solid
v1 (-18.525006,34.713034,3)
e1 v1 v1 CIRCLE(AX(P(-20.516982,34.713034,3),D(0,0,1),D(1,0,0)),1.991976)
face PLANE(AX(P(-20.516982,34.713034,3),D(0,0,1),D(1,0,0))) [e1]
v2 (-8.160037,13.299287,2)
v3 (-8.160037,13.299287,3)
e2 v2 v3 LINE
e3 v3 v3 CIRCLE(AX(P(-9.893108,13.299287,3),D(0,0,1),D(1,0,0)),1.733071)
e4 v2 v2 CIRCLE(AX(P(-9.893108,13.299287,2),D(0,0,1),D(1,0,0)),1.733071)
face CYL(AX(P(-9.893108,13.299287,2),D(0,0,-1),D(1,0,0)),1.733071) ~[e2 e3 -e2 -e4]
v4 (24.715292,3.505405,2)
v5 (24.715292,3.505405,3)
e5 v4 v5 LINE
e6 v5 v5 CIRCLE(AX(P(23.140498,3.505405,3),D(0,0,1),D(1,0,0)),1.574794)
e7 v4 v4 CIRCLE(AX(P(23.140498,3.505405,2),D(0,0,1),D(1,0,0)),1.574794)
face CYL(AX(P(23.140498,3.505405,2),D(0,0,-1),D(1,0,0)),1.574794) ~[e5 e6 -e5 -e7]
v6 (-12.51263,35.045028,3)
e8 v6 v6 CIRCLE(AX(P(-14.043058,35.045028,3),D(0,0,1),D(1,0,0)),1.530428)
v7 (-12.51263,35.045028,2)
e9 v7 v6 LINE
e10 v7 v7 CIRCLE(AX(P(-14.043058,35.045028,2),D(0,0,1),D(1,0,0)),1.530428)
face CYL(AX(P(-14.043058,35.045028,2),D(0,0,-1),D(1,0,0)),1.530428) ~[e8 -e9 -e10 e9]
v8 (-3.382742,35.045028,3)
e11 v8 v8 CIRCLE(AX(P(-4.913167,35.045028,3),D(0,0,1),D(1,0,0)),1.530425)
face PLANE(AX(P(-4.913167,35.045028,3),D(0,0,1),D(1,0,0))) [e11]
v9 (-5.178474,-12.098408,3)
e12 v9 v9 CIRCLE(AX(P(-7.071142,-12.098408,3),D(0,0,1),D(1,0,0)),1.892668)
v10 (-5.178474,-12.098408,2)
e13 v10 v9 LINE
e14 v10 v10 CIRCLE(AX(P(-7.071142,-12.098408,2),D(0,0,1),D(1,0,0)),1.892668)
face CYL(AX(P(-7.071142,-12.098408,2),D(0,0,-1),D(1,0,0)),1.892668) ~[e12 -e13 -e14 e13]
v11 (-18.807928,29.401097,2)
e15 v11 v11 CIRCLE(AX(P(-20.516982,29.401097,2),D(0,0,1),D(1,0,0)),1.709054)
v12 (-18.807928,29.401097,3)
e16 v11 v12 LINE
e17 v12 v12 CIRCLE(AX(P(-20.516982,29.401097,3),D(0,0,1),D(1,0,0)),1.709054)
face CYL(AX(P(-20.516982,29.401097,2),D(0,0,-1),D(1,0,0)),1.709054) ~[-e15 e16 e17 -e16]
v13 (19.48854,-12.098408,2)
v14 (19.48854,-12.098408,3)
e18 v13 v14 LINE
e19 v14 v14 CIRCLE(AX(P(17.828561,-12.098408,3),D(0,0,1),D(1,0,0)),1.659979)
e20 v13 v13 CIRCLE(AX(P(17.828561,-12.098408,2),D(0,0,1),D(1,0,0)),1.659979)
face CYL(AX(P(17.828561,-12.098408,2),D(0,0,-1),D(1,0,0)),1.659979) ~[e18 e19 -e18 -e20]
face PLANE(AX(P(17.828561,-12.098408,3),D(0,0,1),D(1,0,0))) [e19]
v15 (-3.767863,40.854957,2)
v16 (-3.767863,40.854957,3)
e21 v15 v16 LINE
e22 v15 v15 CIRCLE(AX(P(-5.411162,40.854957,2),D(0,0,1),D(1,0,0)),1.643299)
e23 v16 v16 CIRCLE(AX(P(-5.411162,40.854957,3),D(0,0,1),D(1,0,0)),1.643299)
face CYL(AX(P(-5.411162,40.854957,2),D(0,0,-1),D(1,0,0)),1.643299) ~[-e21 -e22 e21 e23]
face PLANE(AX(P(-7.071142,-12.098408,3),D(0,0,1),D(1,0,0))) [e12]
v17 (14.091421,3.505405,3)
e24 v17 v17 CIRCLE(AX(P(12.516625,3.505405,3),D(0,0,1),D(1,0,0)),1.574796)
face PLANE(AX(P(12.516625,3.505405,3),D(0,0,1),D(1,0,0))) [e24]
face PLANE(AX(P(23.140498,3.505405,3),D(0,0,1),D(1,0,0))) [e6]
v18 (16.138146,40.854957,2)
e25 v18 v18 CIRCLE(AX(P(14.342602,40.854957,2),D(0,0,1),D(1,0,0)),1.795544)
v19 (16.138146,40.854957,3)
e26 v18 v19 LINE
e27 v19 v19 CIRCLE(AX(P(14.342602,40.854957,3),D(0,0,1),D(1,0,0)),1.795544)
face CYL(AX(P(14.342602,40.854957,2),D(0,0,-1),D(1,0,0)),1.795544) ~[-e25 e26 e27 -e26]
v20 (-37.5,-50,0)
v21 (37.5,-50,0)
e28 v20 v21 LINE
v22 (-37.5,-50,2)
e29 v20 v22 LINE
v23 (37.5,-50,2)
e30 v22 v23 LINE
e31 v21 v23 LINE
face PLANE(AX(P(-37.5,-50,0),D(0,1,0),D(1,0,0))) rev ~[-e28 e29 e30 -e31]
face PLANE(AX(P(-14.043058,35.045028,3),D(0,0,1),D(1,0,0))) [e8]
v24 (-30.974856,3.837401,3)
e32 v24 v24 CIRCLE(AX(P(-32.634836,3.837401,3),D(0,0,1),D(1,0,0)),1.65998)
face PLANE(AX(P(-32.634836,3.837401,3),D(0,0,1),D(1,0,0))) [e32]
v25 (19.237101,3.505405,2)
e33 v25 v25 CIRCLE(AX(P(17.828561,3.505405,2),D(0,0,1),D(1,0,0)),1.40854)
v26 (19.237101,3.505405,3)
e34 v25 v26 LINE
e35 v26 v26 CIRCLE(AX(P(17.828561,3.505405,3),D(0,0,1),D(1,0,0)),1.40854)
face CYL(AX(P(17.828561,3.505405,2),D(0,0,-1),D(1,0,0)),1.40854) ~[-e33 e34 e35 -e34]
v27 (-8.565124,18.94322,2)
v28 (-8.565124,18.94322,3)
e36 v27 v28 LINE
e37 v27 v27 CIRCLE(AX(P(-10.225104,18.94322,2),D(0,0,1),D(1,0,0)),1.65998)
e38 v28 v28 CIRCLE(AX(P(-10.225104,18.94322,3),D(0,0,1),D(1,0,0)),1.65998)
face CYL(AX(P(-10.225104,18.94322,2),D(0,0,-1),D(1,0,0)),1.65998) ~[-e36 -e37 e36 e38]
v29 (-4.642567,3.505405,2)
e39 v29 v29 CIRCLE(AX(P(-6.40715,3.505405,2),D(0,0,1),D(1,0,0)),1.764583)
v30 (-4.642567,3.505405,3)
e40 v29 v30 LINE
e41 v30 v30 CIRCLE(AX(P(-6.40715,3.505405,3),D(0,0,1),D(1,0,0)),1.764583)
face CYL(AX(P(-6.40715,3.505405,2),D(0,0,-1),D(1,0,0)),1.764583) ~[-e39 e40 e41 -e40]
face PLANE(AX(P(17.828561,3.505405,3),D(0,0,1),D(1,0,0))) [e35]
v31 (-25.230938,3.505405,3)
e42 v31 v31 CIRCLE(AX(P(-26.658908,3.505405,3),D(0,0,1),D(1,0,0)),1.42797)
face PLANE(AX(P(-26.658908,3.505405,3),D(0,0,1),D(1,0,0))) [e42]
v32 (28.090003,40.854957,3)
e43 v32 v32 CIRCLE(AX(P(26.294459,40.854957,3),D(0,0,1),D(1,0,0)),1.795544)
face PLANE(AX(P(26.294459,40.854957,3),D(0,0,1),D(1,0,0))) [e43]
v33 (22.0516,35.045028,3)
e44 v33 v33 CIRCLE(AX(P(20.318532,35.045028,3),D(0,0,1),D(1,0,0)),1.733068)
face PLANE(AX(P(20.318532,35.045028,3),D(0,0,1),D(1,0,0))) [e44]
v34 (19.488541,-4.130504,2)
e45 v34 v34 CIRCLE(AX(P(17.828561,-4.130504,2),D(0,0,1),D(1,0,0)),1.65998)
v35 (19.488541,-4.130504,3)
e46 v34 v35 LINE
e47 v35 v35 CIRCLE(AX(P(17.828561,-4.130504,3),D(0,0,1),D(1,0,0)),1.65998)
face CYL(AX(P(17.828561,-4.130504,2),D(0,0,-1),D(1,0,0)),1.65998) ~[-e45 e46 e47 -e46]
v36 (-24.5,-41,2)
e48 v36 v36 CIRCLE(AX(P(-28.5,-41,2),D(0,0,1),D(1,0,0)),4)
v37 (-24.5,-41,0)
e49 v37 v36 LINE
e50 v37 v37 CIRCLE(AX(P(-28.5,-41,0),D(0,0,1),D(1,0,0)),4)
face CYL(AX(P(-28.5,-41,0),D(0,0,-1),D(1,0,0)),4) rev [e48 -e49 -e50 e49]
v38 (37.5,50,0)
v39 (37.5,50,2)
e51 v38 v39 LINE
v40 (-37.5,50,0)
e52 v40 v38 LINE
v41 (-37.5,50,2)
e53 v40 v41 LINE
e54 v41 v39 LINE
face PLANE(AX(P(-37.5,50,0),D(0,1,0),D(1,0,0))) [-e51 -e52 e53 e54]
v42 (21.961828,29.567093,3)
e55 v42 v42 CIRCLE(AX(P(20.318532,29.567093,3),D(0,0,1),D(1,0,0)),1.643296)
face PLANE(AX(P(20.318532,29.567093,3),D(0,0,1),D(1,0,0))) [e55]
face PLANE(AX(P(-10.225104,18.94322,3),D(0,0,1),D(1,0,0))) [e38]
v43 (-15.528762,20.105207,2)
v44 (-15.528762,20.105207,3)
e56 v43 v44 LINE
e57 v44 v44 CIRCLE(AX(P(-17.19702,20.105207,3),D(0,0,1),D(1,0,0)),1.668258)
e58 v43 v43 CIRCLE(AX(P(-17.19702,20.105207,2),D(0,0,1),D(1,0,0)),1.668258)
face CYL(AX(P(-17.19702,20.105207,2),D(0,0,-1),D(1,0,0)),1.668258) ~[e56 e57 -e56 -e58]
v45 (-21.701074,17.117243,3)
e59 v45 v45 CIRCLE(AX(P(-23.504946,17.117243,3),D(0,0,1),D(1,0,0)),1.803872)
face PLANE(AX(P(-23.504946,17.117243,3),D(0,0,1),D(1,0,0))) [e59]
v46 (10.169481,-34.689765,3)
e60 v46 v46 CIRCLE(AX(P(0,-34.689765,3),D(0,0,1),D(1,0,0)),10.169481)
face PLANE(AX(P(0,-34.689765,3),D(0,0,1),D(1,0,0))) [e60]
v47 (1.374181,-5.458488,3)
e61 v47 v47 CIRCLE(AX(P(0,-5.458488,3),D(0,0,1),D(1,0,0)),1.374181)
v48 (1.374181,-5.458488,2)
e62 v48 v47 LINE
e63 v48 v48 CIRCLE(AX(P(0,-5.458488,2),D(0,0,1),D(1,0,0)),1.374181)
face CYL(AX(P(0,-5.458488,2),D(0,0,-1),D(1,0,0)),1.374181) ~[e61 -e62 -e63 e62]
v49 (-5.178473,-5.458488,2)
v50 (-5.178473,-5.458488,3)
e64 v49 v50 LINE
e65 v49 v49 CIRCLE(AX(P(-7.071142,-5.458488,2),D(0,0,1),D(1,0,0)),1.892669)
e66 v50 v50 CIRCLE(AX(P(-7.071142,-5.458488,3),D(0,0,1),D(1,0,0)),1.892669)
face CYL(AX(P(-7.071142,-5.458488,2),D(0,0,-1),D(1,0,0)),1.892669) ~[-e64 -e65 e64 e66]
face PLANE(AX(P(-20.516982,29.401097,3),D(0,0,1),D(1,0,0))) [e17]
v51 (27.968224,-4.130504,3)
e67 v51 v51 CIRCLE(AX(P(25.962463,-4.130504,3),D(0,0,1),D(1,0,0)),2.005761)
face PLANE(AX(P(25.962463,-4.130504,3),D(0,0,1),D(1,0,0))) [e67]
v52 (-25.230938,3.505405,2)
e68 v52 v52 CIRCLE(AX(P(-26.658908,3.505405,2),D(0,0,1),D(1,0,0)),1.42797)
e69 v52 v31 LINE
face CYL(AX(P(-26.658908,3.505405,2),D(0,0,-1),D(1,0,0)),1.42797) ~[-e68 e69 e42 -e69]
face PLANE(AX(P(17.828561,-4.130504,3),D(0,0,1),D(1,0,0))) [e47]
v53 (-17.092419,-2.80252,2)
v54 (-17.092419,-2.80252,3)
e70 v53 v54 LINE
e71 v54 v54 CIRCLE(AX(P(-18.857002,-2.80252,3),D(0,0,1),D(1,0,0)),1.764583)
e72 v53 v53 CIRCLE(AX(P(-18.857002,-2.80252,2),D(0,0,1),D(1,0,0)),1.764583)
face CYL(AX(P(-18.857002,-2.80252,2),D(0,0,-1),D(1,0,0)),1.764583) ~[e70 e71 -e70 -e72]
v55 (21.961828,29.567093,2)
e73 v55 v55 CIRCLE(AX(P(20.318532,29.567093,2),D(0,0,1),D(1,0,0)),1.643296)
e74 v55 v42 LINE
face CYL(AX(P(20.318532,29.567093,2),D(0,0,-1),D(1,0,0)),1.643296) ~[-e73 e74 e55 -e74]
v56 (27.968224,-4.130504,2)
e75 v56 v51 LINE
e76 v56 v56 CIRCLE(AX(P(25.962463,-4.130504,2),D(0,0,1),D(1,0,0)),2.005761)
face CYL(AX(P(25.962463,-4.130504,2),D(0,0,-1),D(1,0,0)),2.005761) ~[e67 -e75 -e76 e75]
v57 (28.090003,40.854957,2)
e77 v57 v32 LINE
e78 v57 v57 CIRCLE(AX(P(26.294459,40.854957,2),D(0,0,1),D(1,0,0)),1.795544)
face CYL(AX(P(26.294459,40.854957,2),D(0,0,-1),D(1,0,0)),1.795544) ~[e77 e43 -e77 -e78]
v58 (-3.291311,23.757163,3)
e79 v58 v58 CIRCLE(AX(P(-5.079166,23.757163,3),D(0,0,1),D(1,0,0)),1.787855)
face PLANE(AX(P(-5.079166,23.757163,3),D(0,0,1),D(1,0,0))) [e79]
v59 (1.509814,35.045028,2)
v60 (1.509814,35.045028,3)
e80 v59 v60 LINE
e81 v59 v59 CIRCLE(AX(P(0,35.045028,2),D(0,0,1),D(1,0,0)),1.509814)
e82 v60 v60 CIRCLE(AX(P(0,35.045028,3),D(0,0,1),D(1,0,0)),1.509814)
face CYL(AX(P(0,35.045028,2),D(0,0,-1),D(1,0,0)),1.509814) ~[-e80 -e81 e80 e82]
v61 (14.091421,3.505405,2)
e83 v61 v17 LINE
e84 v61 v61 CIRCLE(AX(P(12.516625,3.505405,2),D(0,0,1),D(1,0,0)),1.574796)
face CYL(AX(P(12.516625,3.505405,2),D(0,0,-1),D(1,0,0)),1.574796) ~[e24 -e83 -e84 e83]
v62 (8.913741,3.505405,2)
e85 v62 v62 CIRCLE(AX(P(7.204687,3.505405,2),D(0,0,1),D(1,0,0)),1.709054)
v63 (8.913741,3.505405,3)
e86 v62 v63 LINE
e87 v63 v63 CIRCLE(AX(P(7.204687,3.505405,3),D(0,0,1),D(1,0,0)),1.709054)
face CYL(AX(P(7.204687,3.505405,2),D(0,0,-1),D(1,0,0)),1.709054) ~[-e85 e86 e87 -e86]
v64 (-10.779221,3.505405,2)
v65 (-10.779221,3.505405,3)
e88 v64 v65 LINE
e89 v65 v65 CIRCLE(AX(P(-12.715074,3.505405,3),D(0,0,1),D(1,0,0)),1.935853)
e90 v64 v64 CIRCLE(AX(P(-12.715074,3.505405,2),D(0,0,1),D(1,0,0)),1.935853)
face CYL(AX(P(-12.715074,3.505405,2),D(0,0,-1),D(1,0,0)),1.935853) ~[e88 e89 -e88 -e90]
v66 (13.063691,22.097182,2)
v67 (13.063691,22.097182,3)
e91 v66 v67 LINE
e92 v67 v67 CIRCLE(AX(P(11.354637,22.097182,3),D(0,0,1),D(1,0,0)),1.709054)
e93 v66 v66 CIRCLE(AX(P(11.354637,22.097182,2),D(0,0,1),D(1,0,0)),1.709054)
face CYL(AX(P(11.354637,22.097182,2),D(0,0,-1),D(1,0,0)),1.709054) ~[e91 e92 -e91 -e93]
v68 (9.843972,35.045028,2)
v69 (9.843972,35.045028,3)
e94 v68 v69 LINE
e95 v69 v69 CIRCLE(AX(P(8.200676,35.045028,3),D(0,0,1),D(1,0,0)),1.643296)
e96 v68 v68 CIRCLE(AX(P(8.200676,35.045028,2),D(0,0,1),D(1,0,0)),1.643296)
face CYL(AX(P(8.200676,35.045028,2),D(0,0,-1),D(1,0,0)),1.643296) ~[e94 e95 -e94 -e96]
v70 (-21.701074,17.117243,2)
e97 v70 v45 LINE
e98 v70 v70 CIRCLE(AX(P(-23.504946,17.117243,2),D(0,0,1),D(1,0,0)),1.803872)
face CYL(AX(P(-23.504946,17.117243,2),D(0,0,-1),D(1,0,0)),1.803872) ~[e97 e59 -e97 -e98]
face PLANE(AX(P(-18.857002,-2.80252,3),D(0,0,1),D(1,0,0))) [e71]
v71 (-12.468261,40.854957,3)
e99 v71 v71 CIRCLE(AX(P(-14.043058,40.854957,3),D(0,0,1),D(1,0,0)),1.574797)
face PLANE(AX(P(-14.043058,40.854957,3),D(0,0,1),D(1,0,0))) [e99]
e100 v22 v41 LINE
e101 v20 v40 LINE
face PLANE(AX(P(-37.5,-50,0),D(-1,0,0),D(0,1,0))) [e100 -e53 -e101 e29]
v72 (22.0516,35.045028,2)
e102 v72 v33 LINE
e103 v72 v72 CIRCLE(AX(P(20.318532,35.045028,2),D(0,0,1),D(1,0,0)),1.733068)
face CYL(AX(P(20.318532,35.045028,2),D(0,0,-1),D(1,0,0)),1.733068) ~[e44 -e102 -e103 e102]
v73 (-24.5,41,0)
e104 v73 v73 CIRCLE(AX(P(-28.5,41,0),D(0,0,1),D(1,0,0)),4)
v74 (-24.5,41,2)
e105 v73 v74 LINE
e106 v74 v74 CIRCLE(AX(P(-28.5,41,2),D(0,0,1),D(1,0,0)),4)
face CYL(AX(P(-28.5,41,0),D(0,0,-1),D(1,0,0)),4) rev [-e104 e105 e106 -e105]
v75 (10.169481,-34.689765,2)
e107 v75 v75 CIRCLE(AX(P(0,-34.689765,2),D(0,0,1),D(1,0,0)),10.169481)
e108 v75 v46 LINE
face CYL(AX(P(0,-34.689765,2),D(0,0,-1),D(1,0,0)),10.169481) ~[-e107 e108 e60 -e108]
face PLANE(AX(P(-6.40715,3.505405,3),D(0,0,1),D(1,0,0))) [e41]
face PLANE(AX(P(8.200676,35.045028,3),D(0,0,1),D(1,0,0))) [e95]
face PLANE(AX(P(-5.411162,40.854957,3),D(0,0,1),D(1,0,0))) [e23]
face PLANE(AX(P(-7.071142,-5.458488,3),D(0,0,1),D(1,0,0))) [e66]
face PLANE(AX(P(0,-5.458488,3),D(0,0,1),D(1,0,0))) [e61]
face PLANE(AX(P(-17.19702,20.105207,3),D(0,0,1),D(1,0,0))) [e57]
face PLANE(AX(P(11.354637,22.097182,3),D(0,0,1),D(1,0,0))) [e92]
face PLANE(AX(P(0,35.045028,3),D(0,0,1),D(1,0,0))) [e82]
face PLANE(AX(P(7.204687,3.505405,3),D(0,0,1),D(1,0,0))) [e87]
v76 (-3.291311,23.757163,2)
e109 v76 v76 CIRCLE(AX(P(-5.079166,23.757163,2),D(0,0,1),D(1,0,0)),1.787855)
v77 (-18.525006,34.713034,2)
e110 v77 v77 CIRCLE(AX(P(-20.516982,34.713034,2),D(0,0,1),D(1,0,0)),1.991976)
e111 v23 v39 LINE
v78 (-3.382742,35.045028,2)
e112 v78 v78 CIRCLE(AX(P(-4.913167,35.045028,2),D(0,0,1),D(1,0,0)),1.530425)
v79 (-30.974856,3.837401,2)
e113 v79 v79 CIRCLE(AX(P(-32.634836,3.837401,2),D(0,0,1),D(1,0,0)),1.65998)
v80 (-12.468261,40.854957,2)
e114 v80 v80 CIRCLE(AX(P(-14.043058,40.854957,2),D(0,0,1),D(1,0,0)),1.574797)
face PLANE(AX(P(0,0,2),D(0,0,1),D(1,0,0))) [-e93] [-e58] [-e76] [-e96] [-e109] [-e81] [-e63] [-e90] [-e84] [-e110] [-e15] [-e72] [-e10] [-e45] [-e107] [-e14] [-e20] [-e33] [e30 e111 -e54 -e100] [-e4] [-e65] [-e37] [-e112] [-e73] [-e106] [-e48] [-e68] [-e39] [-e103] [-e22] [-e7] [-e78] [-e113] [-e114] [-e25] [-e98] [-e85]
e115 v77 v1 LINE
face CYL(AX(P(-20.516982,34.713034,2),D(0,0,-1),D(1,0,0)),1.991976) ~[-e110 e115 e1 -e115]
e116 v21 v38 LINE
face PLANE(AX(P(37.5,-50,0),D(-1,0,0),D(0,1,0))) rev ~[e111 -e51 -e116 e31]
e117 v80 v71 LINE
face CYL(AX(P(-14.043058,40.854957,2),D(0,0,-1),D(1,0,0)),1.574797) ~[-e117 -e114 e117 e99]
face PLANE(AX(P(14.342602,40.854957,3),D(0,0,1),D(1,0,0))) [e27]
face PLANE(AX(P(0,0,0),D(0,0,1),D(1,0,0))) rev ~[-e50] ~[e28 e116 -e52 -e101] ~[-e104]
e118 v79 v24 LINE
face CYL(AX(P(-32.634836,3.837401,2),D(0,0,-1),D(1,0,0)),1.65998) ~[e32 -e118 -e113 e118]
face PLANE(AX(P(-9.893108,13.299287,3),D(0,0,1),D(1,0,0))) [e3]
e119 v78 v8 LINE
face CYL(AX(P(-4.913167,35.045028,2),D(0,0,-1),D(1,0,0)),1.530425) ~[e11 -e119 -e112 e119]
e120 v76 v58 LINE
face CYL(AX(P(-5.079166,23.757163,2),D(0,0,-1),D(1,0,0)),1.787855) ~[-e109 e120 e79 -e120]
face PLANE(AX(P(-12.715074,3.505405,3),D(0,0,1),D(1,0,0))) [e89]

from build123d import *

# Parameters (mm, degrees)
F0_W     = 75
F0_H     = 100
F0_R     = 4
F1_DEPTH = 2
F3_R     = 10.169481
F2_R     = 1.374181
F2_R_2   = 1.892669
F2_R_3   = 1.892668
F2_R_4   = 1.659979
F2_R_5   = 1.65998
F2_R_6   = 2.005761
F2_R_7   = 1.574794
F2_R_8   = 1.40854
F2_R_9   = 1.574796
F2_R_10  = 1.709054
F2_R_11  = 1.764583
F2_R_12  = 1.935853
F2_R_13  = 1.42797
F2_R_14  = 1.733071
F2_R_15  = 1.668258
F2_R_16  = 1.803872
F2_R_17  = 1.787855
F2_R_18  = 1.643296
F2_R_19  = 1.733068
F2_R_20  = 1.795544
F2_R_21  = 1.509814
F2_R_22  = 1.530425
F2_R_23  = 1.643299
F2_R_24  = 1.574797
F2_R_25  = 1.530428
F2_R_26  = 1.991976
F4_DEPTH = 1


with BuildPart() as f1:
    # F0 (on Top) → F1 (new body)
    with BuildSketch(Plane.XY):
        Rectangle(F0_W, F0_H)
        with Locations((-28.5, -41)):
            Circle(F0_R, mode=Mode.SUBTRACT)
        with Locations((-28.5, 41)):
            Circle(F0_R, mode=Mode.SUBTRACT)
    extrude(amount=F1_DEPTH)

    # F3 (on face) + F2 (on face) → F4 (join)
    with BuildSketch(Plane.XY.offset(2)):
        with Locations((0, -34.689765)):
            Circle(F3_R)
    with BuildSketch(Plane.XY.offset(2)):
        with Locations((0, -5.458488)):
            Circle(F2_R)
        with Locations((-7.071142, -5.458488)):
            Circle(F2_R_2)
        with Locations((-7.071142, -12.098408)):
            Circle(F2_R_3)
        with Locations((17.828561, -12.098408)):
            Circle(F2_R_4)
        with Locations((17.828561, -4.130504)):
            Circle(F2_R_5)
        with Locations((25.962463, -4.130504)):
            Circle(F2_R_6)
        with Locations((23.140498, 3.505405)):
            Circle(F2_R_7)
        with Locations((17.828561, 3.505405)):
            Circle(F2_R_8)
        with Locations((12.516625, 3.505405)):
            Circle(F2_R_9)
        with Locations((7.204687, 3.505405)):
            Circle(F2_R_10)
        with Locations((-6.40715, 3.505405)):
            Circle(F2_R_11)
        with Locations((-12.715074, 3.505405)):
            Circle(F2_R_12)
        with Locations((-18.857002, -2.80252)):
            Circle(F2_R_11)
        with Locations((-26.658908, 3.505405)):
            Circle(F2_R_13)
        with Locations((-32.634836, 3.837401)):
            Circle(F2_R_5)
        with Locations((-9.893108, 13.299287)):
            Circle(F2_R_14)
        with Locations((-10.225104, 18.94322)):
            Circle(F2_R_5)
        with Locations((-17.19702, 20.105207)):
            Circle(F2_R_15)
        with Locations((-23.504946, 17.117243)):
            Circle(F2_R_16)
        with Locations((-5.079166, 23.757163)):
            Circle(F2_R_17)
        with Locations((11.354637, 22.097182)):
            Circle(F2_R_10)
        with Locations((20.318532, 29.567093)):
            Circle(F2_R_18)
        with Locations((20.318532, 35.045028)):
            Circle(F2_R_19)
        with Locations((26.294459, 40.854957)):
            Circle(F2_R_20)
        with Locations((14.342602, 40.854957)):
            Circle(F2_R_20)
        with Locations((8.200676, 35.045028)):
            Circle(F2_R_18)
        with Locations((0, 35.045028)):
            Circle(F2_R_21)
        with Locations((-4.913167, 35.045028)):
            Circle(F2_R_22)
        with Locations((-5.411162, 40.854957)):
            Circle(F2_R_23)
        with Locations((-14.043058, 40.854957)):
            Circle(F2_R_24)
        with Locations((-14.043058, 35.045028)):
            Circle(F2_R_25)
        with Locations((-20.516982, 34.713034)):
            Circle(F2_R_26)
        with Locations((-20.516982, 29.401097)):
            Circle(F2_R_10)
    extrude(amount=F4_DEPTH)


solid = f1.part
